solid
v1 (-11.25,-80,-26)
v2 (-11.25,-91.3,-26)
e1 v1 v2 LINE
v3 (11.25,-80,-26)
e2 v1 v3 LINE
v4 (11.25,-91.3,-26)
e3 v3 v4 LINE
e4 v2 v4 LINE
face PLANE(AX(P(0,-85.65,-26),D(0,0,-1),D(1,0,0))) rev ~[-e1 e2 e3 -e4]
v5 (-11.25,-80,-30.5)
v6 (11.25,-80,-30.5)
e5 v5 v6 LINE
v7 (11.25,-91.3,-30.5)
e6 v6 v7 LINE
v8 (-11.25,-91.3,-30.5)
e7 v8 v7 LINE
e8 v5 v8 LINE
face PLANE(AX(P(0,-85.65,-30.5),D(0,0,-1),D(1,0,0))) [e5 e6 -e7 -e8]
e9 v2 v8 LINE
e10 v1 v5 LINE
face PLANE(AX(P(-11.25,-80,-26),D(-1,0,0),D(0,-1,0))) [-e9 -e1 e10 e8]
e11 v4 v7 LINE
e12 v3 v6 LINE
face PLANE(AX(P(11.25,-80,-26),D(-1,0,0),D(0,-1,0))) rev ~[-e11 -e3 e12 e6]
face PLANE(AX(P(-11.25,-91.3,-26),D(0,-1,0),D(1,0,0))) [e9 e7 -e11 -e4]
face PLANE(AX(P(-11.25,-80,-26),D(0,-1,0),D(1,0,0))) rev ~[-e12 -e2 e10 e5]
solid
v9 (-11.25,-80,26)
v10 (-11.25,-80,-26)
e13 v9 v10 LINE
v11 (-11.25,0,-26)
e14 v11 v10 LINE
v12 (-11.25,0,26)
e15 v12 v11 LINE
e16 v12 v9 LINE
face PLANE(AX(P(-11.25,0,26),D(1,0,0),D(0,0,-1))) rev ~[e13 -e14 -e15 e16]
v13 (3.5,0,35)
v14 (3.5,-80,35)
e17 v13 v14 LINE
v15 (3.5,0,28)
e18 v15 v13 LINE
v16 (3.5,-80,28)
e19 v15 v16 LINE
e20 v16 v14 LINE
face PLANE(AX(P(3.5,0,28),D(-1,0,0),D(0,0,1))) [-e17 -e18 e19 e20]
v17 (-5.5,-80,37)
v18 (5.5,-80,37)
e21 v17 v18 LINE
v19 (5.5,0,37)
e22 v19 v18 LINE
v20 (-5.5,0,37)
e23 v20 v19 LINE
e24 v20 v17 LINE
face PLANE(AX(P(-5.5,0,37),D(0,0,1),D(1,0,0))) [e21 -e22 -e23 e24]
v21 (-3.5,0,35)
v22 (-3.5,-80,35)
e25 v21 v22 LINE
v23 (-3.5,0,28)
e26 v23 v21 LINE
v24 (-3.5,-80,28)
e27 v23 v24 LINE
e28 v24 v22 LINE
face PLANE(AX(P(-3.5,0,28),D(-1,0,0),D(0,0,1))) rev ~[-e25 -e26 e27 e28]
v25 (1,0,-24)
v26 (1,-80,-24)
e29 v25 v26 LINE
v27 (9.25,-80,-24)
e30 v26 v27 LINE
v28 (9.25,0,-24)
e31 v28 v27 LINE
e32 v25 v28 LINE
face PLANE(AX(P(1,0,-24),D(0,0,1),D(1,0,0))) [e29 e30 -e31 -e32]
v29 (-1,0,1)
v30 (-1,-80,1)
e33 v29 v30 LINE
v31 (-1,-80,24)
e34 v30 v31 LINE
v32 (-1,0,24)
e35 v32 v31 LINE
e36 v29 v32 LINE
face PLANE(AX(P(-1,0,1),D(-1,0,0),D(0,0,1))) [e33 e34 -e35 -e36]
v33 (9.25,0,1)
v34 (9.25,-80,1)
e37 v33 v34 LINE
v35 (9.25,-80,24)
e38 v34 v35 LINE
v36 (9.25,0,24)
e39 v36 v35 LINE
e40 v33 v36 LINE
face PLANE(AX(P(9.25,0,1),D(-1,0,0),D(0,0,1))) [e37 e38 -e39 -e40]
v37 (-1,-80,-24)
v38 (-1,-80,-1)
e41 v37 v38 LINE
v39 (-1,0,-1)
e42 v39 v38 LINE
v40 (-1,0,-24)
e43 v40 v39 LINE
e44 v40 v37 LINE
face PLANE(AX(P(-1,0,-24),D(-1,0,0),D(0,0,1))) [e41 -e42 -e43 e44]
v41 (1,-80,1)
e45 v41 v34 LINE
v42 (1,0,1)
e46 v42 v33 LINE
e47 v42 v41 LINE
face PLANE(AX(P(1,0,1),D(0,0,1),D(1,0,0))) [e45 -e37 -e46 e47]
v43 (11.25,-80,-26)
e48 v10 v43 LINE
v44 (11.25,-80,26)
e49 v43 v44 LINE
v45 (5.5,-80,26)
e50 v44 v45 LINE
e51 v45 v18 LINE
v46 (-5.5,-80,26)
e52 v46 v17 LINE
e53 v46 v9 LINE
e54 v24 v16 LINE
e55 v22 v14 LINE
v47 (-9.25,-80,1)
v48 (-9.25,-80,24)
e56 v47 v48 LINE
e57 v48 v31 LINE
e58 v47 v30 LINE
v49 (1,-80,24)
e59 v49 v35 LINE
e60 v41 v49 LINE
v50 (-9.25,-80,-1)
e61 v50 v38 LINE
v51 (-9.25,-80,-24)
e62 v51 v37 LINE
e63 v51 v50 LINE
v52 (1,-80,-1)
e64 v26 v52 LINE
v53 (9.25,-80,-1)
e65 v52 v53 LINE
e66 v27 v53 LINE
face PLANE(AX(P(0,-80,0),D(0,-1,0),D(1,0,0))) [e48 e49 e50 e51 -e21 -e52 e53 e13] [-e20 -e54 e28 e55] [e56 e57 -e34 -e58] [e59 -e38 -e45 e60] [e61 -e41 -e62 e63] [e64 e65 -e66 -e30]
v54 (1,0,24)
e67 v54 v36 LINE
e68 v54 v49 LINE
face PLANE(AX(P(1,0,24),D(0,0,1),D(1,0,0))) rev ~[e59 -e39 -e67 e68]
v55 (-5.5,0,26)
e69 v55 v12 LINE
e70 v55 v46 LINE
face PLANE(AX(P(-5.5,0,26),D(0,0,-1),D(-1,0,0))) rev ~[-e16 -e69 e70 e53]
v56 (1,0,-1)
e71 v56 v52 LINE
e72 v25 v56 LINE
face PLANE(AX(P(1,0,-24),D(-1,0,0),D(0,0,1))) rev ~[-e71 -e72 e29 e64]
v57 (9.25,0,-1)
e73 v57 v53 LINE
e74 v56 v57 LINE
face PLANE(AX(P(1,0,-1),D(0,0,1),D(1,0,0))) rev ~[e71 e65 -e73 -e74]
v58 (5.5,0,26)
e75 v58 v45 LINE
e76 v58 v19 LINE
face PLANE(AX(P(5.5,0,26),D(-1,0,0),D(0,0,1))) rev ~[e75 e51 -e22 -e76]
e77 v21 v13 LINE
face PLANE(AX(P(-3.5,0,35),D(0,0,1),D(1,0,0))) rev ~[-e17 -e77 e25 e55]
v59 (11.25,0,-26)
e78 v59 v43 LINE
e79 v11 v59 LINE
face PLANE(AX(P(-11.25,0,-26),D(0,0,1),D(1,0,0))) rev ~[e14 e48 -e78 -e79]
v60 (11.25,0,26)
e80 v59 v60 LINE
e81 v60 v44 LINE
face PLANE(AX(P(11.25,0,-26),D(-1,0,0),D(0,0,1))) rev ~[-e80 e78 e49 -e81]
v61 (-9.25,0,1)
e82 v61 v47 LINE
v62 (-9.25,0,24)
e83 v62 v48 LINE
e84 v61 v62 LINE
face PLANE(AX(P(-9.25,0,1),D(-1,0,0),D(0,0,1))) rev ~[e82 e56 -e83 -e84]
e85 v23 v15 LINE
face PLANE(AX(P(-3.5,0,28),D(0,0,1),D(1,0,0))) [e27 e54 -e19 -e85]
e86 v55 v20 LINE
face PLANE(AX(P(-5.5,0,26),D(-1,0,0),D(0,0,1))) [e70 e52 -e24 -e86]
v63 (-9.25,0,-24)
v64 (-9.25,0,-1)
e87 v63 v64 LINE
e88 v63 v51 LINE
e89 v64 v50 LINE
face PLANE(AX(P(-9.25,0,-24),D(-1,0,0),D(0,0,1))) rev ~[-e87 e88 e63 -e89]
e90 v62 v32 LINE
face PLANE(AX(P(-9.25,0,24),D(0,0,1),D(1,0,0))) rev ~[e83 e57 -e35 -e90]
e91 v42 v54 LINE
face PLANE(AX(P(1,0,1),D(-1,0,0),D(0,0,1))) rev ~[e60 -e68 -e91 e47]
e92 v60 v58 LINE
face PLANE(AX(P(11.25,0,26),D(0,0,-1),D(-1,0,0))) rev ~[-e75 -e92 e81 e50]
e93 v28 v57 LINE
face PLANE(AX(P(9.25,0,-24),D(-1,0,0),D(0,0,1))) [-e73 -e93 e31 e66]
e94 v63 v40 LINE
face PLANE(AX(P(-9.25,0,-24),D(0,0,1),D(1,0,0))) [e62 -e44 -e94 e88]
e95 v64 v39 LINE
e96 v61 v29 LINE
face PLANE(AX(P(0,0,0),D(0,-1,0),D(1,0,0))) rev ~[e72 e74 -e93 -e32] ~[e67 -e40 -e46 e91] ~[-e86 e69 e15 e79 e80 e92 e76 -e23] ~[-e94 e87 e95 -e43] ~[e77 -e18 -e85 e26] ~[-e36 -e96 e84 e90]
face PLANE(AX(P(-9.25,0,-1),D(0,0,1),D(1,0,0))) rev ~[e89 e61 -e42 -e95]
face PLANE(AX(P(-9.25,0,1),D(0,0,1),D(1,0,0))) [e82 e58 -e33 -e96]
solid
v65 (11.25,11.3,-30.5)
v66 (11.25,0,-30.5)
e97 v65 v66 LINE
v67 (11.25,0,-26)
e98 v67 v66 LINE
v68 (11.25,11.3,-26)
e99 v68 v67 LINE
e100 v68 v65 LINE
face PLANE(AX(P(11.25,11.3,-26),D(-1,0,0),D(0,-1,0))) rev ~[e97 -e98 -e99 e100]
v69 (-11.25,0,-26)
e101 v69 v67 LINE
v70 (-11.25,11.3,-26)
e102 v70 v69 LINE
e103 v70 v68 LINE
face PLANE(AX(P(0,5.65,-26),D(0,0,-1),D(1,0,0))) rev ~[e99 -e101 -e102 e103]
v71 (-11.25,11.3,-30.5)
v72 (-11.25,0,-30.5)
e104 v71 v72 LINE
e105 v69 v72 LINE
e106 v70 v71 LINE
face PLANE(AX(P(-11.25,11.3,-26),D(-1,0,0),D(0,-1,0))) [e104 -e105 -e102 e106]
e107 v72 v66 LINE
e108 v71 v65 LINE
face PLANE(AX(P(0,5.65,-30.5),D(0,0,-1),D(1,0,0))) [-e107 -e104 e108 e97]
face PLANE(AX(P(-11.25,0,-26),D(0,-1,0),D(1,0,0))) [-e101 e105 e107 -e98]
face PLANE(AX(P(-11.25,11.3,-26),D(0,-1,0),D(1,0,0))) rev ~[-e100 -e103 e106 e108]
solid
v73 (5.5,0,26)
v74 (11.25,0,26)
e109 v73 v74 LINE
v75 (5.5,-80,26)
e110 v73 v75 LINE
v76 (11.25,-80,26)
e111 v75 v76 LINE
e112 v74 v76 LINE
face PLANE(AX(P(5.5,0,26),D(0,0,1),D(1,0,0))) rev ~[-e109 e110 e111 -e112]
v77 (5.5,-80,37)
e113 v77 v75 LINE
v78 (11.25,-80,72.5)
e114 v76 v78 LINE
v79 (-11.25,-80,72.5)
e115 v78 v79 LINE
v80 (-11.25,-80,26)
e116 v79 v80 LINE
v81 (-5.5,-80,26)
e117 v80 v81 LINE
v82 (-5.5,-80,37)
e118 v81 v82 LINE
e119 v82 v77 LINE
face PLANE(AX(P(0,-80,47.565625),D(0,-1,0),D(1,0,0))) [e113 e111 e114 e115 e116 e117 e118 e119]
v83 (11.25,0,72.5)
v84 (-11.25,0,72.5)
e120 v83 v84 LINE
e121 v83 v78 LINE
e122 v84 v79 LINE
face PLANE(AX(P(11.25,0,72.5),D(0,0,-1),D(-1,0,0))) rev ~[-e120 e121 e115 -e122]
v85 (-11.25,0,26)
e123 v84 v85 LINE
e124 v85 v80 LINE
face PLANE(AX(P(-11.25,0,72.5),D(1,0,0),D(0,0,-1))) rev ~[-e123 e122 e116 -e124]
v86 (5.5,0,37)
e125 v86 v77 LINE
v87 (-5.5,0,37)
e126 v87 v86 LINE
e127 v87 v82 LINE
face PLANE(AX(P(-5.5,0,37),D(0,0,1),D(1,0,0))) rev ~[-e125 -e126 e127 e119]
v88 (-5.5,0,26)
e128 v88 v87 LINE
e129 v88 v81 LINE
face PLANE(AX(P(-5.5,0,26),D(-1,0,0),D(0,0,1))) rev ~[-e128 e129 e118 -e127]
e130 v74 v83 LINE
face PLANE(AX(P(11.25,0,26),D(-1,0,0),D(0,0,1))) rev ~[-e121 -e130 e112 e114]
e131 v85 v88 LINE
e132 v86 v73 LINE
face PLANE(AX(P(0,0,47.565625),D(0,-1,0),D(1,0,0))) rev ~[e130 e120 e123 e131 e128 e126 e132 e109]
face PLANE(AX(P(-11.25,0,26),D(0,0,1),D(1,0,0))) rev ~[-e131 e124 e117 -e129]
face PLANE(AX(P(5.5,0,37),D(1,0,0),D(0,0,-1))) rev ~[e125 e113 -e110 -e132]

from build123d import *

# Parameters (mm, degrees)
F0_W     = 8.25
F0_H     = 23
F0_W_2   = 11
F0_H_2   = 11
F0_W_3   = 7
F0_H_3   = 7
F1_DEPTH = 80
F3_DEPTH = 80
F4_W     = 22.5
F4_H     = 11.3
F5_DEPTH = 4.5


with BuildPart() as f1:
    # F0 (on Front) → F1 (new body)
    with BuildSketch(Plane.XZ):
        Polygon((11.25, -26), (11.25, 26), (5.5, 26), (-5.5, 26), (-11.25, 26), (-11.25, -26), align=None)
        with Locations((-5.125, -12.5)):
            Rectangle(F0_W, F0_H, mode=Mode.SUBTRACT)
        with Locations((5.125, -12.5)):
            Rectangle(F0_W, F0_H, mode=Mode.SUBTRACT)
        with Locations((-5.125, 12.5)):
            Rectangle(F0_W, F0_H, mode=Mode.SUBTRACT)
        with Locations((5.125, 12.5)):
            Rectangle(F0_W, F0_H, mode=Mode.SUBTRACT)
        with Locations((0, 31.5)):
            Rectangle(F0_W_2, F0_H_2)
        with Locations((0, 31.5)):
            Rectangle(F0_W_3, F0_H_3, mode=Mode.SUBTRACT)
    extrude(amount=F1_DEPTH)


with BuildPart() as f3:
    # F2 (on Front) → F3 (new body)
    with BuildSketch(Plane.XZ):
        Polygon((-11.25, 26), (-5.5, 26), (-5.5, 37), (5.5, 37), (5.5, 26), (11.25, 26), (11.25, 72.5), (-11.25, 72.5), align=None)
    extrude(amount=F3_DEPTH)


with BuildPart() as f5:
    # F4 (on face) → F5 (new body)
    with BuildSketch(Plane(origin=(0, 0, -26), x_dir=(1, 0, 0), z_dir=(0, 0, -1))):
        with Locations((0, -5.65)):
            Rectangle(F4_W, F4_H)
        with Locations((0, 85.65)):
            Rectangle(F4_W, F4_H)
    extrude(amount=F5_DEPTH)


solid = Compound([f1.part, f3.part, f5.part])
